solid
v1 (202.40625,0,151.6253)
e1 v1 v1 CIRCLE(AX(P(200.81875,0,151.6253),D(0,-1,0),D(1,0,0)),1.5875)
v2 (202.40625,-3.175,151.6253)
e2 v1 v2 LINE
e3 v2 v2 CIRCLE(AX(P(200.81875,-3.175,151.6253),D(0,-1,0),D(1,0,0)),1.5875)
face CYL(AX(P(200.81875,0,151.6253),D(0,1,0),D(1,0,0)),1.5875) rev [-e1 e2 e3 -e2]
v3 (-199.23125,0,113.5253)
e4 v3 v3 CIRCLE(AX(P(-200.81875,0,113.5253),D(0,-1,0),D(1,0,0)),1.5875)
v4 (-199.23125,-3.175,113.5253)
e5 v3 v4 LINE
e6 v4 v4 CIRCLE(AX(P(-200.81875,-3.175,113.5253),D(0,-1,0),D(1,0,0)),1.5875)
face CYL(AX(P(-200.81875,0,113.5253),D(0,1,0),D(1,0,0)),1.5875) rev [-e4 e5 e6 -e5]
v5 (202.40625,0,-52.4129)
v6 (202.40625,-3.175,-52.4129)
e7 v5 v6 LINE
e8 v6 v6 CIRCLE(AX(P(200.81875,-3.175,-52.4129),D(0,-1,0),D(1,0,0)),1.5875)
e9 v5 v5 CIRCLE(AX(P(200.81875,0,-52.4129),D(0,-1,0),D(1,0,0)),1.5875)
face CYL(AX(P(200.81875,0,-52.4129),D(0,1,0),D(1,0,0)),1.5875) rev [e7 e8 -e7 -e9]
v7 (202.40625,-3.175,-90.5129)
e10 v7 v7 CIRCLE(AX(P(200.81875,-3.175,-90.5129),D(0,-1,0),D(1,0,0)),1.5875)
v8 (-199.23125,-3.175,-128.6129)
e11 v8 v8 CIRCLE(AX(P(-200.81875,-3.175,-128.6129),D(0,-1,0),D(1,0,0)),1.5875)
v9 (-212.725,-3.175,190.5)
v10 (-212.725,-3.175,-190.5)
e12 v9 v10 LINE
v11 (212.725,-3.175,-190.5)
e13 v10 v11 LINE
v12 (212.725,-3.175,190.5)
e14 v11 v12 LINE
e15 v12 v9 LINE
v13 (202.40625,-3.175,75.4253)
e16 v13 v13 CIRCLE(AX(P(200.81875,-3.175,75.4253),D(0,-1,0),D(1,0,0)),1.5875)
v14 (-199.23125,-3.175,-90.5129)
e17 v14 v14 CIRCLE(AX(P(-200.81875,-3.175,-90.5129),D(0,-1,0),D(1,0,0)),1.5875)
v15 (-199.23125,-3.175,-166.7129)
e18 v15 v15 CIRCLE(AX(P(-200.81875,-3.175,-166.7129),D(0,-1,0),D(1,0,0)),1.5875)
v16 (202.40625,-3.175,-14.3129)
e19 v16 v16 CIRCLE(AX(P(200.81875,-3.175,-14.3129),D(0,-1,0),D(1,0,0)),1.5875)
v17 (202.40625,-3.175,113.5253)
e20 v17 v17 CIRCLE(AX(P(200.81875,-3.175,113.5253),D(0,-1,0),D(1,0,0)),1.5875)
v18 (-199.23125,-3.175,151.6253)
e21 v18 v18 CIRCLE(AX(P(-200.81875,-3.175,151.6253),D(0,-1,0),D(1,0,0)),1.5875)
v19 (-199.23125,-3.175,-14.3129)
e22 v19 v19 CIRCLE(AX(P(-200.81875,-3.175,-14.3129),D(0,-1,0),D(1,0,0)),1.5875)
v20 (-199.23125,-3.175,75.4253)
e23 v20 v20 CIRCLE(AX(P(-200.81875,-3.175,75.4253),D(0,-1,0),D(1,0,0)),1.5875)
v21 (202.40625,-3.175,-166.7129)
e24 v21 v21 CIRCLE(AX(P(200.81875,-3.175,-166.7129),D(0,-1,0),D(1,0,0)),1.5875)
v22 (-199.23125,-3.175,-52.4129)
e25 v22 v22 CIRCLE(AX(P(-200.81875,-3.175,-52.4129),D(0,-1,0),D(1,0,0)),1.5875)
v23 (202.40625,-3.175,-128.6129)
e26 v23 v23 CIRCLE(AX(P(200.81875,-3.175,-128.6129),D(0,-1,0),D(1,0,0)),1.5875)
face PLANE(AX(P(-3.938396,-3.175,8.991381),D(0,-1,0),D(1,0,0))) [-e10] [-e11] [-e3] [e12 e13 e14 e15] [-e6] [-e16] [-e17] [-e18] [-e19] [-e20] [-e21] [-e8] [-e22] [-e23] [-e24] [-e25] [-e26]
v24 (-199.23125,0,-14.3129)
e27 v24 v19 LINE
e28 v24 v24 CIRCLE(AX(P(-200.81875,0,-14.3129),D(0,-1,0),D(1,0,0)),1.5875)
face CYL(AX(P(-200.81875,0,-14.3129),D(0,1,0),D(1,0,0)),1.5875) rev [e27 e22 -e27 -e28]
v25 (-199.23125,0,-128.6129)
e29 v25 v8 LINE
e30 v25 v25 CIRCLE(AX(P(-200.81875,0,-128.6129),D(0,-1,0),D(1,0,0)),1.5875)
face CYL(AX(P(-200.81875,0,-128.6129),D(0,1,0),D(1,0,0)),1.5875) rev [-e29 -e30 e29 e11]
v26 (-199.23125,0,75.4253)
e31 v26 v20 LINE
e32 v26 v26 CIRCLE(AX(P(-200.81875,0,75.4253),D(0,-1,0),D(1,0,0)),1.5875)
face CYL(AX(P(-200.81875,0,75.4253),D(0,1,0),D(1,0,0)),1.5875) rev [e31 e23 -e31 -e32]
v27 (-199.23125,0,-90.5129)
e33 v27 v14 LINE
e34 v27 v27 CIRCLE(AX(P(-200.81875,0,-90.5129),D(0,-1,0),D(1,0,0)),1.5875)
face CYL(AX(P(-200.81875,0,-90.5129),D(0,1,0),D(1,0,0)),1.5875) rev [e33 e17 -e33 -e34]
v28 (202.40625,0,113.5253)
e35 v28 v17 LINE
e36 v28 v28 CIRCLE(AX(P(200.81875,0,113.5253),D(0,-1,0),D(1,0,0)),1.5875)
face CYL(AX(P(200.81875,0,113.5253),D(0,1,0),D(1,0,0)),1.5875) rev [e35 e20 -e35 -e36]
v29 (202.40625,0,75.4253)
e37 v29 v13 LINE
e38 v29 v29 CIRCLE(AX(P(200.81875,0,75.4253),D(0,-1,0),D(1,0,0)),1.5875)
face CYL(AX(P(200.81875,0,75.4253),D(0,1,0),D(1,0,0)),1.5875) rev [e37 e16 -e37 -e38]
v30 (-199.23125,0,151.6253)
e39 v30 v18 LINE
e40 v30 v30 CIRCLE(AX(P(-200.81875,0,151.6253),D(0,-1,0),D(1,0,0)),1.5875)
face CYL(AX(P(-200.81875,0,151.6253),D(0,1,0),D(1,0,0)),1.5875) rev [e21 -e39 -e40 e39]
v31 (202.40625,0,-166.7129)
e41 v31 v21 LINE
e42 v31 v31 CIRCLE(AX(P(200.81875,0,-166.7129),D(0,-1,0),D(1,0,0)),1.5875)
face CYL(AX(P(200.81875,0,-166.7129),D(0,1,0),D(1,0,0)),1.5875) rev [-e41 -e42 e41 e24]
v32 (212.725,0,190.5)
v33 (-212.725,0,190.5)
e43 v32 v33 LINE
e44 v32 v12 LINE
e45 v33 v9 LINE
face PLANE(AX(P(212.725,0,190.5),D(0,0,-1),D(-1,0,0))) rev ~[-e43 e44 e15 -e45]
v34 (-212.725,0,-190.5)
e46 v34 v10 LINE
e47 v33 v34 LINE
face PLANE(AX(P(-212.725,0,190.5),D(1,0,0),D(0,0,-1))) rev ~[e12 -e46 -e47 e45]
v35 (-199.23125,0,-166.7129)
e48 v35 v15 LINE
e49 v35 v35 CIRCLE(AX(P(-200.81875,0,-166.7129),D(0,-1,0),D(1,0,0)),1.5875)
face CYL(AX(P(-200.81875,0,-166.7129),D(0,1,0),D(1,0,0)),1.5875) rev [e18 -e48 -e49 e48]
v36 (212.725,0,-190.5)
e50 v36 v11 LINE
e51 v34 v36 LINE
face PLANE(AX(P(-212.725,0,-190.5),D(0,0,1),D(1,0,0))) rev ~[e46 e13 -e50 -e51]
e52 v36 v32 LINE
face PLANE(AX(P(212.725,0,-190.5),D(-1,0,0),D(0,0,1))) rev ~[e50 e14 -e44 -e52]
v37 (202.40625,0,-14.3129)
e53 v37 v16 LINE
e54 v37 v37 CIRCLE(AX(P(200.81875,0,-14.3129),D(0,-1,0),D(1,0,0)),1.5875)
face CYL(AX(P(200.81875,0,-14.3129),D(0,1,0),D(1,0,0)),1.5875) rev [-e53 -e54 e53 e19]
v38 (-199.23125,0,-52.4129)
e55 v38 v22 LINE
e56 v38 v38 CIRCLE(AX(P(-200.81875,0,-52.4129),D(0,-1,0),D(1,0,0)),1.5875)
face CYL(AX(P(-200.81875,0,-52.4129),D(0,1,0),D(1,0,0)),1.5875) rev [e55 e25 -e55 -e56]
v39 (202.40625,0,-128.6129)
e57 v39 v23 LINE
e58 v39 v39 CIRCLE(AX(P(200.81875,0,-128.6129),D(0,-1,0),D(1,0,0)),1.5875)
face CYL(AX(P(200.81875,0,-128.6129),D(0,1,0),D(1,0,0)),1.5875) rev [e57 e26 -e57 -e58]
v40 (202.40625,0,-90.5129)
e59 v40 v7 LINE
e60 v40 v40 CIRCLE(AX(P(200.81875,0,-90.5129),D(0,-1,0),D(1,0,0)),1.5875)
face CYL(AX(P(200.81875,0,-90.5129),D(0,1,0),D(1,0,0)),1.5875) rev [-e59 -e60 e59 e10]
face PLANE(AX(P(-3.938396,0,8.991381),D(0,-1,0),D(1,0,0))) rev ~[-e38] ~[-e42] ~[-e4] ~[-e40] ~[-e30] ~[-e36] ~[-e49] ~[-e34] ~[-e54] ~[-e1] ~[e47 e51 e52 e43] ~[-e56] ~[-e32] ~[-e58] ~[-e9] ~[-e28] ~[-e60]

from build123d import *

# Parameters (mm, degrees)
F0_R     = 1.5875
F0_W     = 23.8125
F0_H     = 127
F0_H_2   = 199.9742
F1_DEPTH = 3.175


with BuildPart() as f1:
    # F0 (on Front) → F1 (new body)
    with BuildSketch(Plane.XZ):
        Polygon((212.725, 190.5), (-212.725, 190.5), (-212.725, 177.0253), (-188.9125, 177.0253), (-188.9125, 50.0253), (-212.725, 50.0253), (-212.725, 9.4742), (-188.9125, 9.4742), (-188.9125, -190.5), (188.9125, -190.5), (188.9125, 9.4742), (212.725, 9.4742), align=None)
        with Locations((200.81875, 75.4253)):
            Circle(F0_R, mode=Mode.SUBTRACT)
        with Locations((200.81875, 113.5253)):
            Circle(F0_R, mode=Mode.SUBTRACT)
        with Locations((200.81875, 151.6253)):
            Circle(F0_R, mode=Mode.SUBTRACT)
        with Locations((-200.81875, 113.5253)):
            Rectangle(F0_W, F0_H)
        with Locations((-200.81875, 75.4253)):
            Circle(F0_R, mode=Mode.SUBTRACT)
        with Locations((-200.81875, 113.5253)):
            Circle(F0_R, mode=Mode.SUBTRACT)
        with Locations((-200.81875, 151.6253)):
            Circle(F0_R, mode=Mode.SUBTRACT)
        with Locations((-200.81875, -90.5129)):
            Rectangle(F0_W, F0_H_2)
        with Locations((-200.81875, -166.7129)):
            Circle(F0_R, mode=Mode.SUBTRACT)
        with Locations((-200.81875, -128.6129)):
            Circle(F0_R, mode=Mode.SUBTRACT)
        with Locations((-200.81875, -90.5129)):
            Circle(F0_R, mode=Mode.SUBTRACT)
        with Locations((-200.81875, -52.4129)):
            Circle(F0_R, mode=Mode.SUBTRACT)
        with Locations((-200.81875, -14.3129)):
            Circle(F0_R, mode=Mode.SUBTRACT)
        with Locations((200.81875, -90.5129)):
            Rectangle(F0_W, F0_H_2)
        with Locations((200.81875, -166.7129)):
            Circle(F0_R, mode=Mode.SUBTRACT)
        with Locations((200.81875, -128.6129)):
            Circle(F0_R, mode=Mode.SUBTRACT)
        with Locations((200.81875, -90.5129)):
            Circle(F0_R, mode=Mode.SUBTRACT)
        with Locations((200.81875, -52.4129)):
            Circle(F0_R, mode=Mode.SUBTRACT)
        with Locations((200.81875, -14.3129)):
            Circle(F0_R, mode=Mode.SUBTRACT)
    extrude(amount=F1_DEPTH)


solid = f1.part
